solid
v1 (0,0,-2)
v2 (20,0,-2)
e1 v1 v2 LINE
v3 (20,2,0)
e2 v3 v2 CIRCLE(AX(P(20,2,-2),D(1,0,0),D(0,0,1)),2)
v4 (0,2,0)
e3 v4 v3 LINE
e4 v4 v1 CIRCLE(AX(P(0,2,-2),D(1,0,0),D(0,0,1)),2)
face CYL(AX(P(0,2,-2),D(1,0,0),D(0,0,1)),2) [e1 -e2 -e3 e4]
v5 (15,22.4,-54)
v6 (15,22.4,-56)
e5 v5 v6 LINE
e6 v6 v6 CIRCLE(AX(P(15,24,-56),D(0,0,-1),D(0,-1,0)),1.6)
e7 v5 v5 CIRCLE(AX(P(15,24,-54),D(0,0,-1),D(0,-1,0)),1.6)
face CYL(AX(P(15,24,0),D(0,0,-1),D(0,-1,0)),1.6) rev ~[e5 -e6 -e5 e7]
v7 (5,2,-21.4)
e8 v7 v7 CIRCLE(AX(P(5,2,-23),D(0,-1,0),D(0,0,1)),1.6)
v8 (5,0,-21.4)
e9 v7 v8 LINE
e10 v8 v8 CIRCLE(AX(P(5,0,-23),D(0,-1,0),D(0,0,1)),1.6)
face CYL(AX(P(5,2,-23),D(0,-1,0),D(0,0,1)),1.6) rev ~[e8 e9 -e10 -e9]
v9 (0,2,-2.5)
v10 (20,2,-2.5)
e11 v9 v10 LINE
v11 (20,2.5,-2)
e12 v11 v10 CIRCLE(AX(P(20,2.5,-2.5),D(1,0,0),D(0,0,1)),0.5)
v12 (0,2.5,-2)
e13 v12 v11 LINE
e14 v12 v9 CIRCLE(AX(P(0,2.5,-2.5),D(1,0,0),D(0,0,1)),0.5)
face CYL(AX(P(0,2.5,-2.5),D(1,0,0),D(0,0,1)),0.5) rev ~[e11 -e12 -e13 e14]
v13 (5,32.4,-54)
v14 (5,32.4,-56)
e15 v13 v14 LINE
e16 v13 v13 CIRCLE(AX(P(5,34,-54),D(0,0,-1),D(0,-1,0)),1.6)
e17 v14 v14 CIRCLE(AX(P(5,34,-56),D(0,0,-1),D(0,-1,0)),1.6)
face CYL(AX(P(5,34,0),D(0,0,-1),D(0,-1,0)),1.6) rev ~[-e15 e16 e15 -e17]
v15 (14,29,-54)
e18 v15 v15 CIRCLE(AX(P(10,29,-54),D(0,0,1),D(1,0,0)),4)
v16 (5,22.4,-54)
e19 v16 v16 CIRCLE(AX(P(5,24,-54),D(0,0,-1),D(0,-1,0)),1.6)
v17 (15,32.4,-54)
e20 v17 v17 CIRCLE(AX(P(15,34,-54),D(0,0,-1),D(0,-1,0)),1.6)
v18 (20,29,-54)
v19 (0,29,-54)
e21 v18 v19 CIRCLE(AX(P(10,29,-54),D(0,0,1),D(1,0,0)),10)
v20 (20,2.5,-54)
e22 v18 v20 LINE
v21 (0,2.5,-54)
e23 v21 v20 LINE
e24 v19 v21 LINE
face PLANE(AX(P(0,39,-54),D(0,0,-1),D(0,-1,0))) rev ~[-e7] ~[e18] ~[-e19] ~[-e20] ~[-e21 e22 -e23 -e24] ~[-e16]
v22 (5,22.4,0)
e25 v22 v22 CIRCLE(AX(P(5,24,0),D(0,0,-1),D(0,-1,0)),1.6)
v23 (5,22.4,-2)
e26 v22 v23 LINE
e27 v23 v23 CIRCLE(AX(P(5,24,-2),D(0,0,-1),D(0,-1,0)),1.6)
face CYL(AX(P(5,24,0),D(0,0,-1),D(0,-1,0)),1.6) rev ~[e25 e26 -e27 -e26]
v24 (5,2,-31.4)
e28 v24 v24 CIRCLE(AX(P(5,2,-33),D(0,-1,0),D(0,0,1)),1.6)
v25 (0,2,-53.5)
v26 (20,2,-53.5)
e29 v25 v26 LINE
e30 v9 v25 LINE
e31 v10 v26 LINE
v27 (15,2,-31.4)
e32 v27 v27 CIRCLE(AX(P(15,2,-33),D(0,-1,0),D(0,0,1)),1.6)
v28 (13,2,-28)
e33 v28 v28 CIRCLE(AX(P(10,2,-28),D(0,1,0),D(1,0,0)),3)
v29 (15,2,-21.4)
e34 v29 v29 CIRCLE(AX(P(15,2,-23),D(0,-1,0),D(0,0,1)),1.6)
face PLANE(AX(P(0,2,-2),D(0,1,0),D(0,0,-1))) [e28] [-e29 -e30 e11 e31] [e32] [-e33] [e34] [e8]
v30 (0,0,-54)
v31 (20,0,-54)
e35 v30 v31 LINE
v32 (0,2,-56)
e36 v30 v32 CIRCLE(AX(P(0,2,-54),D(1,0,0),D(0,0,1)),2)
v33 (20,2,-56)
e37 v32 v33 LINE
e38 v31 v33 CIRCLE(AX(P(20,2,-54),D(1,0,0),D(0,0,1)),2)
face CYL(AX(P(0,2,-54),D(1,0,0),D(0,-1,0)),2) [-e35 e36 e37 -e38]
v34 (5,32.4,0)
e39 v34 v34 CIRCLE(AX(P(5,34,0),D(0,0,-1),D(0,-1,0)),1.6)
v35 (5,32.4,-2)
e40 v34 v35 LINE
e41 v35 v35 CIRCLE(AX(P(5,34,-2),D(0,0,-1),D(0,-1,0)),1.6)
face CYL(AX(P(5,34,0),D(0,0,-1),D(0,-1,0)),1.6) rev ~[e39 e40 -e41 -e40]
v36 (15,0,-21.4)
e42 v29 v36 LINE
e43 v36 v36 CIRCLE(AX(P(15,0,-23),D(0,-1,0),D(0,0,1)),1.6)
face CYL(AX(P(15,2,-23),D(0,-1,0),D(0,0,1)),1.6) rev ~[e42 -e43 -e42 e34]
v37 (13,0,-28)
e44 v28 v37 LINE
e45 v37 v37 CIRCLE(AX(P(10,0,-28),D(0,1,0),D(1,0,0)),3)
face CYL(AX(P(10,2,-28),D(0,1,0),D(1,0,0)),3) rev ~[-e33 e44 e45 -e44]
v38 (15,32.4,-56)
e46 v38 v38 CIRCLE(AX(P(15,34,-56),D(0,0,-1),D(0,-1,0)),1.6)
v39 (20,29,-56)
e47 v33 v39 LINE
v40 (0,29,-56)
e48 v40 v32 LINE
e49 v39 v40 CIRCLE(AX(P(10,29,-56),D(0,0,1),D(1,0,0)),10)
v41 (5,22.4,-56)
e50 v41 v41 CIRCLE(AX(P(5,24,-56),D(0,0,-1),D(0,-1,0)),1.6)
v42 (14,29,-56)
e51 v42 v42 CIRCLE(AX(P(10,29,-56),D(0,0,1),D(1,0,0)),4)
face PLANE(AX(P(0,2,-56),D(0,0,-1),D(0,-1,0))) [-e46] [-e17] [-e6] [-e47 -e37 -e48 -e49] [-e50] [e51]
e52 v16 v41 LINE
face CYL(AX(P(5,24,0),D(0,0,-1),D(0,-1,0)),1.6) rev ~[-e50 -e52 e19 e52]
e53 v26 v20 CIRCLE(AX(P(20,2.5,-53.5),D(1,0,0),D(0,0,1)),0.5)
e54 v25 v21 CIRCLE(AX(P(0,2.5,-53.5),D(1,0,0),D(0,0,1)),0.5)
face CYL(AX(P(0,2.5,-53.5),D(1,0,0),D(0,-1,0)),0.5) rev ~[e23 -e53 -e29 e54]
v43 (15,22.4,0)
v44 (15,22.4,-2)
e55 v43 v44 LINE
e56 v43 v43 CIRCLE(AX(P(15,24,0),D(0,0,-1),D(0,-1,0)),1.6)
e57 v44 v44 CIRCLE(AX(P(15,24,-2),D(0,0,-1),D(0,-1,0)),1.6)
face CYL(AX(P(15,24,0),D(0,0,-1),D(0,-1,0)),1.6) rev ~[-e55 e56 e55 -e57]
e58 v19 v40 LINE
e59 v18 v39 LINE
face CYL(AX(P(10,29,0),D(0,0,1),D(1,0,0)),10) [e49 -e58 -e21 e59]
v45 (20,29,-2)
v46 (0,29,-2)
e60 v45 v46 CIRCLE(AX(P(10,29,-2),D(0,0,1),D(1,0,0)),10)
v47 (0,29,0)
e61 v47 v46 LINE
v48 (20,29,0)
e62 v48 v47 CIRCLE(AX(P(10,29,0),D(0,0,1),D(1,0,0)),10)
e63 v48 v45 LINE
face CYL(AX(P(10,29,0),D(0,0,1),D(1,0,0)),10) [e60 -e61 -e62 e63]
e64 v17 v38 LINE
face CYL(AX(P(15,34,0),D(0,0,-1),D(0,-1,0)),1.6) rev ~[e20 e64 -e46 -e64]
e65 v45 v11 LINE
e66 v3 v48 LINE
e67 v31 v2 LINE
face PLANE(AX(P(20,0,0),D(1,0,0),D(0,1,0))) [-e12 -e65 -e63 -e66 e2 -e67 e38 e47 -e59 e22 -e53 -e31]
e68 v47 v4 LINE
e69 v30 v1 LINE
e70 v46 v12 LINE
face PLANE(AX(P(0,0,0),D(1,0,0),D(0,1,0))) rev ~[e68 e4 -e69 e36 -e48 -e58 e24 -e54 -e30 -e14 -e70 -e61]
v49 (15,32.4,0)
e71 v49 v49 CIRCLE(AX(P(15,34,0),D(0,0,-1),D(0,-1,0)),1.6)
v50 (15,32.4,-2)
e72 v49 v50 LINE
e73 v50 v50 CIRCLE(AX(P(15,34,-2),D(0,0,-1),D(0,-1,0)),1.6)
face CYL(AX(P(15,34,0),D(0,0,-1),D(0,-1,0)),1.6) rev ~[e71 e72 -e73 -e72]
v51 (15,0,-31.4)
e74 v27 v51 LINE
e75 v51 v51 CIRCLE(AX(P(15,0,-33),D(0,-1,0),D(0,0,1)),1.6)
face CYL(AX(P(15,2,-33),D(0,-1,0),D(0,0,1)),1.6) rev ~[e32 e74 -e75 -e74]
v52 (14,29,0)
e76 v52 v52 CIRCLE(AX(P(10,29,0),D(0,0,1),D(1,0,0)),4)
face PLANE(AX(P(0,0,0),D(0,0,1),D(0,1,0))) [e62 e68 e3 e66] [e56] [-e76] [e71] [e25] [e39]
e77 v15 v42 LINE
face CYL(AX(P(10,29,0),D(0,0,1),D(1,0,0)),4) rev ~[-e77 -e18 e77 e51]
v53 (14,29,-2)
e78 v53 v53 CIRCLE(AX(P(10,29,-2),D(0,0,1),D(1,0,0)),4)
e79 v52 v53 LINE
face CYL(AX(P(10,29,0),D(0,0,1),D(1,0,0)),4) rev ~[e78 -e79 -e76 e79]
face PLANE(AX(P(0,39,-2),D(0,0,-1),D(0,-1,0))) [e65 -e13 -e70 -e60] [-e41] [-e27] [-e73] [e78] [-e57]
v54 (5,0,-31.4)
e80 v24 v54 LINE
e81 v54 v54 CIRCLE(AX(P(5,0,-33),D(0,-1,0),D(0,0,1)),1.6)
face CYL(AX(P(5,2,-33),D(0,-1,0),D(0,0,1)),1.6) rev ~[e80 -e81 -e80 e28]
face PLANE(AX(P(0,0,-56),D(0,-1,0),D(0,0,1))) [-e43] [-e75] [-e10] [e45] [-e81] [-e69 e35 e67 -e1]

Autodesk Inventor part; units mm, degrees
ref_plane "YZ Plane" through (0, 0, 0) normal (1, 0, 0) x (0, 1, 0)
ref_plane "XZ Plane" through (0, 0, 0) normal (0, 1, 0) x (-1, 0, 0)
ref_plane "XY Plane" through (0, 0, 0) normal (0, 0, 1) x (1, 0, 0)
sketch "スケッチ1" plane through (0, 0, 0) normal (1, 0, 0) x (0, 1, 0)
  line L0 (0, 0) -> (2, 0)
  line L1 (2, 0) -> (2, -56)
  line L2 (2, -56) -> (0, -56)
  line L3 (0, -56) -> (0, 0)
  line L4 (2, 0) -> (39, 0)
  line L5 (39, 0) -> (39, -2)
  line L6 (39, -2) -> (2, -2)
  line L7 (2, -2) -> (2, 0)
  line L8 (2, -56) -> (39, -56)
  line L9 (39, -56) -> (39, -54)
  line L10 (39, -54) -> (2, -54)
  line L11 (2, -54) -> (2, -56)
  point P0 (2, -54)
  point P1 (2, -2)
  dimension "d0" = 2
  dimension "d1" = 56
  dimension "d2" = 37
  dimension "d3" = 2
  dimension "d4" = 37
  dimension "d5" = 2
extrude "押し出し1" add sketch "スケッチ1" along normal blind 20
sketch "スケッチ2" plane through (0, 0, 0) normal (0, 0, 1) x (1, 0, 0)
  arc A0 (20, 29) -> (0, 29) centre (10, 29) ccw
  line L0 (0, 39) -> (20, 39) projected
  line L1 (0, 39) -> (0, 0) projected
  line L2 (20, 39) -> (20, 0) projected
  point P0 (10, 39)
  dimension "d8" = 10
extrude "押し出し2" cut sketch "スケッチ2" against normal through all
sketch "スケッチ3" plane through (0, 0, 0) normal (0, 0, 1) x (1, 0, 0)
  arc A0 (20, 29) -> (0, 29) centre (10, 29) ccw projected
  point P0 (0, 0)
  point P1 (5, 34)
  point P2 (15, 34)
  point P3 (15, 24)
  point P4 (5, 24)
  dimension "d11" = 5
  dimension "d12" = 5
  dimension "d13" = 10
  dimension "d14" = 10
hole "穴1" at (5, 34, 0) at (15, 34, 0) at (15, 24, 0) at (5, 24, 0) direction (0, 0, -1) diameter 3.2 end through all
sketch "スケッチ4" plane through (0, 0, 0) normal (0, 0, 1) x (1, 0, 0)
  arc A0 (20, 29) -> (0, 29) centre (10, 29) ccw projected
  circle A1 centre (10, 29) radius 4
  point P0 (0, 0)
  dimension "d22" = 8
extrude "押し出し3" cut sketch "スケッチ4" against normal through all
fillet "フィレット1" radius 0.5 2 edges at (10, 2, -54) (10, 2, -2)
fillet "フィレット2" radius 2 2 edges at (10, 0, -56) (10, 0, 0)
sketch "スケッチ5" plane through (0, 2, -2.5) normal (0, 1, 0) x (1, 0, 0)
  line L0 (0, -0.5) -> (0, 51.5) projected
  line L1 (0, 25.5) -> (20, 25.5)
  line L2 (20, 51) -> (20, 0) projected
  line L3 (20, 51.5) -> (0, 51.5) projected
  line L4 (10, 51.5) -> (10, 0)
  line L5 (20, 0) -> (0, 0) projected
  point P0 (0, -2.5)
  point P1 (5, 30.5)
  point P2 (15, 30.5)
  point P3 (15, 20.5)
  point P4 (5, 20.5)
  dimension "d27" = 10
  dimension "d28" = 10
hole "穴2" at (5, 2, -33) at (15, 2, -33) at (15, 2, -23) at (5, 2, -23) direction (0, -1, 0) diameter 3.2 end through all
sketch "スケッチ6" plane through (0, 2, -2.5) normal (0, 1, 0) x (1, 0, 0)
  circle A0 centre (10, 25.5) radius 3
  circle A1 centre (5, 20.5) radius 1.6 projected
  point P0 (0, -2.5)
  dimension "d36" = 6
  dimension "d37" = 5
  dimension "d38" = 5
extrude "押し出し4" cut sketch "スケッチ6" against normal through all contours A0
properties part number "サーボモーター25kgcmサーボホーン2" material "アルミニウム 6061"
